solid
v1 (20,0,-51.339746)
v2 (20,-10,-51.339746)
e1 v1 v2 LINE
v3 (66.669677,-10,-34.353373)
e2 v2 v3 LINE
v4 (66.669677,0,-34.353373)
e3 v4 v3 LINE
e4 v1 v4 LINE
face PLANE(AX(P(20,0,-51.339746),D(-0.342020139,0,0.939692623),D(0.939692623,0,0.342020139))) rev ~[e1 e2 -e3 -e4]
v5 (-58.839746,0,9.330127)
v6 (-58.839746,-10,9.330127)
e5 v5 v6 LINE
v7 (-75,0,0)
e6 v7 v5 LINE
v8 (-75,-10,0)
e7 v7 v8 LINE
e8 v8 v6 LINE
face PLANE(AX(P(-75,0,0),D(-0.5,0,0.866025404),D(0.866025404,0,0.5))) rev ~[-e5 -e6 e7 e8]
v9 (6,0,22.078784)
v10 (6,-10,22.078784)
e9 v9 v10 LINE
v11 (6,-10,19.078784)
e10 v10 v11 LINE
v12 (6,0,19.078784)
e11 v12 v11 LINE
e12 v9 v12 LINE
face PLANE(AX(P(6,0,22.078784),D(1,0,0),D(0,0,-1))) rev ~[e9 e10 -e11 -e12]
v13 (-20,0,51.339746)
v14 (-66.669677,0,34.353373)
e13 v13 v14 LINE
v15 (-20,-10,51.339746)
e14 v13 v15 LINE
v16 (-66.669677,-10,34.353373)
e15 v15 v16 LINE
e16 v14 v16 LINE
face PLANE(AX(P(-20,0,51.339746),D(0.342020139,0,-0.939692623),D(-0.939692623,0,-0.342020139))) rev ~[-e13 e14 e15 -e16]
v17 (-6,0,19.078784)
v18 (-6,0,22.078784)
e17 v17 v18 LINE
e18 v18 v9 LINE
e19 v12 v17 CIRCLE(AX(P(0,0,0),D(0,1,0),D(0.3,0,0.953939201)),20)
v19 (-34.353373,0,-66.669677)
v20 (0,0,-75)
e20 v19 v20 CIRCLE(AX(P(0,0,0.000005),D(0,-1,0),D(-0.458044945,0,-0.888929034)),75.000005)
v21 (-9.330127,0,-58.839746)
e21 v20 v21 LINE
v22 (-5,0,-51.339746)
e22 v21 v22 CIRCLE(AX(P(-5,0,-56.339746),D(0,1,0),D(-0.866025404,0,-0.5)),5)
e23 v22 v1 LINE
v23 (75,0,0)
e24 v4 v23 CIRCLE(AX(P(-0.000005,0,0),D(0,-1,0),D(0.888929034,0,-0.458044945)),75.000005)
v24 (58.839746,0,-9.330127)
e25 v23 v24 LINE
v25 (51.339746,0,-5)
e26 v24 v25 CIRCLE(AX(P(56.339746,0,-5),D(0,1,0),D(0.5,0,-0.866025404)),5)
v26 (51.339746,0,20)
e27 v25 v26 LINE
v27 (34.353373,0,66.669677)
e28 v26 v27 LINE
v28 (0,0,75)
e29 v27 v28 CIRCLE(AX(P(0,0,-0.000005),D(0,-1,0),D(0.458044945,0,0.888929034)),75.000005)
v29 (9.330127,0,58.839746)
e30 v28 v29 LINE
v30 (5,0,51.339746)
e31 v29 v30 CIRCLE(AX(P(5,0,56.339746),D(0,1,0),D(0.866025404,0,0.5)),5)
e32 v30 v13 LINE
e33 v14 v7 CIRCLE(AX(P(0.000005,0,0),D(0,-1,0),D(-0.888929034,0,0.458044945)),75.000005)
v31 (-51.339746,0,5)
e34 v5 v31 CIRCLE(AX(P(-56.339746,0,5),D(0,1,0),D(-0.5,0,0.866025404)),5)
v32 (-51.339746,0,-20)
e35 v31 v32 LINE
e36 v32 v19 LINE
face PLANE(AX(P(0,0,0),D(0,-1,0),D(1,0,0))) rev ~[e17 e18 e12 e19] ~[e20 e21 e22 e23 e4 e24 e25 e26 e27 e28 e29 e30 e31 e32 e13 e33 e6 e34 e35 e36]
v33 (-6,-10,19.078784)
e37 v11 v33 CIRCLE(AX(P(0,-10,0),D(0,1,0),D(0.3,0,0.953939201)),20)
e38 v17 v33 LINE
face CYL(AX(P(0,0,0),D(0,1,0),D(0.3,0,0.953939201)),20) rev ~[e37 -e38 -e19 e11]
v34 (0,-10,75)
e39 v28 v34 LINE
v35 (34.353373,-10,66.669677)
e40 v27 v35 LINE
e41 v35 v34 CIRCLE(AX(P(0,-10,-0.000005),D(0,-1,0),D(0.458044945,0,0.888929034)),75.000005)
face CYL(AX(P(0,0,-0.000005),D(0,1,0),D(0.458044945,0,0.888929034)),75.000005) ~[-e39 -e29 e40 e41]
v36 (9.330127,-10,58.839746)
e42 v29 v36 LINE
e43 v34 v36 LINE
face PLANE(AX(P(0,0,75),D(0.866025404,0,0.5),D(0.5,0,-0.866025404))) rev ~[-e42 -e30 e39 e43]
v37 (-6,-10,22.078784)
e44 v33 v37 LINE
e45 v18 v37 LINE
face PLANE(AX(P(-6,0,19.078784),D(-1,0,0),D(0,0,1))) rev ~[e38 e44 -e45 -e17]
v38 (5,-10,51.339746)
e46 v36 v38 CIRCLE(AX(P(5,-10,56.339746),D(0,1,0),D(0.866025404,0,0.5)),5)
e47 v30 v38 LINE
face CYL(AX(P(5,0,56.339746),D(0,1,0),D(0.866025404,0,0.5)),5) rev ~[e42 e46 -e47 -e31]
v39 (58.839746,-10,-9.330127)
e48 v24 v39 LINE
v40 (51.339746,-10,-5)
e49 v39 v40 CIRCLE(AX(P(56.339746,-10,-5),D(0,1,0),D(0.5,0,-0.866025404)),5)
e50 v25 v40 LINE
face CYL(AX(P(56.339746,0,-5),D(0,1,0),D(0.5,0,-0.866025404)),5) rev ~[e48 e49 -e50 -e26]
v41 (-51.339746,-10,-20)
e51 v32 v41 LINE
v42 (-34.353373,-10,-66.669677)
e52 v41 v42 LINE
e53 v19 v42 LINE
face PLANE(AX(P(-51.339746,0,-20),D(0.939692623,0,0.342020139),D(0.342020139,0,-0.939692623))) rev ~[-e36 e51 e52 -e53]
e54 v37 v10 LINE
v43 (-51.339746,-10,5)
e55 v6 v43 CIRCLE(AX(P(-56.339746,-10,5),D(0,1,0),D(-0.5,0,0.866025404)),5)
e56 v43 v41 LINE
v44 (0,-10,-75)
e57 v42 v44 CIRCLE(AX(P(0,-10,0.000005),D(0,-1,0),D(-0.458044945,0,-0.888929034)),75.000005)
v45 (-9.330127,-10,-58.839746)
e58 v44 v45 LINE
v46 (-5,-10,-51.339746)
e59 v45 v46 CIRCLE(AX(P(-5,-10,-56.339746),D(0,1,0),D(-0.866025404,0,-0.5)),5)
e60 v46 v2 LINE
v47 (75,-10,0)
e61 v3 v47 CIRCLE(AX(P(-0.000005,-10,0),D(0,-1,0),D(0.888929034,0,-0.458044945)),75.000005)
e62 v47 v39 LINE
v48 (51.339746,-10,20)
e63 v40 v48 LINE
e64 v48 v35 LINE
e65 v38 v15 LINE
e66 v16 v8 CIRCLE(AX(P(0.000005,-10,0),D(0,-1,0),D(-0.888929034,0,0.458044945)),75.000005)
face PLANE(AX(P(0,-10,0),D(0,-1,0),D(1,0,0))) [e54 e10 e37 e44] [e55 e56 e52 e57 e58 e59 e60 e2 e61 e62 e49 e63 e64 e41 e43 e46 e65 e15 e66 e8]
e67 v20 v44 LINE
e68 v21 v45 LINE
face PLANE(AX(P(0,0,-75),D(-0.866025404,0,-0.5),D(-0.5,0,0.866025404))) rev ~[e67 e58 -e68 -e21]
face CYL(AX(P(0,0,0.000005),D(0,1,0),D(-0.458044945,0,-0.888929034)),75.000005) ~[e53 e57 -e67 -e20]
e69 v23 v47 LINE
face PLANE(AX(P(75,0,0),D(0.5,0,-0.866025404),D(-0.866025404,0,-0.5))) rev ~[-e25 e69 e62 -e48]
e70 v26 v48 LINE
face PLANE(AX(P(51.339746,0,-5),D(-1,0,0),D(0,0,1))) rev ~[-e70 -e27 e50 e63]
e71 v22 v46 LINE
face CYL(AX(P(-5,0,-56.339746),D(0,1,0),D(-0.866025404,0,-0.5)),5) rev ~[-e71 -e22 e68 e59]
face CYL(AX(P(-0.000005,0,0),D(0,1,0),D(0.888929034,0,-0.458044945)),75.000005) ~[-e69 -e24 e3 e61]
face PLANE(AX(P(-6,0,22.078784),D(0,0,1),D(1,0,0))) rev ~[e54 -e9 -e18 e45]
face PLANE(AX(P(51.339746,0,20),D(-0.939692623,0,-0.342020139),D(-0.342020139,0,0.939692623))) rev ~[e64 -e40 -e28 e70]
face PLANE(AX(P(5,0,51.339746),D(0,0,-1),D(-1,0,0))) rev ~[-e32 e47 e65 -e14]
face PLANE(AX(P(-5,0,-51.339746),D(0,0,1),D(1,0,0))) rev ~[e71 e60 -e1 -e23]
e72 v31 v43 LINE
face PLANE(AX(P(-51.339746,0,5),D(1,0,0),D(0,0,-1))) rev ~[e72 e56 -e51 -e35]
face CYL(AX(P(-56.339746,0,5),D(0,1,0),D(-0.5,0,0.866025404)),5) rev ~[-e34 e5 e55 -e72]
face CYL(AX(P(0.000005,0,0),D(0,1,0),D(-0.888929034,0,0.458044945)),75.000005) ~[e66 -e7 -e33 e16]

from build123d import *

# Parameters (mm, degrees)
F1_DEPTH = 10


with BuildPart() as f1:
    # F0 (on Front) → F1 (new body)
    with BuildSketch(Plane.XZ):
        with BuildLine():
            Line((-20, 51.339746), (-66.669677, 34.353373))
            ThreePointArc((-66.669677, 34.353373), (-72.887673, 17.674477), (-75, 0))
            Line((-75, 0), (-58.839746, 9.330127))
            ThreePointArc((-58.839746, 9.330127), (-53.839746, 9.330127), (-51.339746, 5))
            Line((-51.339746, 5), (-51.339746, -20))
            Line((-51.339746, -20), (-34.353373, -66.669677))
            ThreePointArc((-34.353373, -66.669677), (-17.674477, -72.887673), (0, -75))
            Line((0, -75), (-9.330127, -58.839746))
            ThreePointArc((-9.330127, -58.839746), (-9.330127, -53.839746), (-5, -51.339746))
            Line((-5, -51.339746), (20, -51.339746))
            Line((20, -51.339746), (66.669677, -34.353373))
            ThreePointArc((66.669677, -34.353373), (72.887673, -17.674477), (75, 0))
            Line((75, 0), (58.839746, -9.330127))
            ThreePointArc((58.839746, -9.330127), (53.839746, -9.330127), (51.339746, -5))
            Line((51.339746, -5), (51.339746, 20))
            Line((51.339746, 20), (34.353373, 66.669677))
            ThreePointArc((34.353373, 66.669677), (17.674477, 72.887673), (0, 75))
            Line((0, 75), (9.330127, 58.839746))
            ThreePointArc((9.330127, 58.839746), (9.330127, 53.839746), (5, 51.339746))
            Line((5, 51.339746), (0, 51.339746))
            Line((0, 51.339746), (-20, 51.339746))
        make_face()
        with BuildLine():
            Line((-6, 22.078784), (0, 22.078784))
            Line((0, 22.078784), (6, 22.078784))
            Line((6, 22.078784), (6, 19.078784))
            ThreePointArc((6, 19.078784), (0, -20), (-6, 19.078784))
            Line((-6, 19.078784), (-6, 22.078784))
        make_face(mode=Mode.SUBTRACT)
    extrude(amount=F1_DEPTH)


solid = f1.part
